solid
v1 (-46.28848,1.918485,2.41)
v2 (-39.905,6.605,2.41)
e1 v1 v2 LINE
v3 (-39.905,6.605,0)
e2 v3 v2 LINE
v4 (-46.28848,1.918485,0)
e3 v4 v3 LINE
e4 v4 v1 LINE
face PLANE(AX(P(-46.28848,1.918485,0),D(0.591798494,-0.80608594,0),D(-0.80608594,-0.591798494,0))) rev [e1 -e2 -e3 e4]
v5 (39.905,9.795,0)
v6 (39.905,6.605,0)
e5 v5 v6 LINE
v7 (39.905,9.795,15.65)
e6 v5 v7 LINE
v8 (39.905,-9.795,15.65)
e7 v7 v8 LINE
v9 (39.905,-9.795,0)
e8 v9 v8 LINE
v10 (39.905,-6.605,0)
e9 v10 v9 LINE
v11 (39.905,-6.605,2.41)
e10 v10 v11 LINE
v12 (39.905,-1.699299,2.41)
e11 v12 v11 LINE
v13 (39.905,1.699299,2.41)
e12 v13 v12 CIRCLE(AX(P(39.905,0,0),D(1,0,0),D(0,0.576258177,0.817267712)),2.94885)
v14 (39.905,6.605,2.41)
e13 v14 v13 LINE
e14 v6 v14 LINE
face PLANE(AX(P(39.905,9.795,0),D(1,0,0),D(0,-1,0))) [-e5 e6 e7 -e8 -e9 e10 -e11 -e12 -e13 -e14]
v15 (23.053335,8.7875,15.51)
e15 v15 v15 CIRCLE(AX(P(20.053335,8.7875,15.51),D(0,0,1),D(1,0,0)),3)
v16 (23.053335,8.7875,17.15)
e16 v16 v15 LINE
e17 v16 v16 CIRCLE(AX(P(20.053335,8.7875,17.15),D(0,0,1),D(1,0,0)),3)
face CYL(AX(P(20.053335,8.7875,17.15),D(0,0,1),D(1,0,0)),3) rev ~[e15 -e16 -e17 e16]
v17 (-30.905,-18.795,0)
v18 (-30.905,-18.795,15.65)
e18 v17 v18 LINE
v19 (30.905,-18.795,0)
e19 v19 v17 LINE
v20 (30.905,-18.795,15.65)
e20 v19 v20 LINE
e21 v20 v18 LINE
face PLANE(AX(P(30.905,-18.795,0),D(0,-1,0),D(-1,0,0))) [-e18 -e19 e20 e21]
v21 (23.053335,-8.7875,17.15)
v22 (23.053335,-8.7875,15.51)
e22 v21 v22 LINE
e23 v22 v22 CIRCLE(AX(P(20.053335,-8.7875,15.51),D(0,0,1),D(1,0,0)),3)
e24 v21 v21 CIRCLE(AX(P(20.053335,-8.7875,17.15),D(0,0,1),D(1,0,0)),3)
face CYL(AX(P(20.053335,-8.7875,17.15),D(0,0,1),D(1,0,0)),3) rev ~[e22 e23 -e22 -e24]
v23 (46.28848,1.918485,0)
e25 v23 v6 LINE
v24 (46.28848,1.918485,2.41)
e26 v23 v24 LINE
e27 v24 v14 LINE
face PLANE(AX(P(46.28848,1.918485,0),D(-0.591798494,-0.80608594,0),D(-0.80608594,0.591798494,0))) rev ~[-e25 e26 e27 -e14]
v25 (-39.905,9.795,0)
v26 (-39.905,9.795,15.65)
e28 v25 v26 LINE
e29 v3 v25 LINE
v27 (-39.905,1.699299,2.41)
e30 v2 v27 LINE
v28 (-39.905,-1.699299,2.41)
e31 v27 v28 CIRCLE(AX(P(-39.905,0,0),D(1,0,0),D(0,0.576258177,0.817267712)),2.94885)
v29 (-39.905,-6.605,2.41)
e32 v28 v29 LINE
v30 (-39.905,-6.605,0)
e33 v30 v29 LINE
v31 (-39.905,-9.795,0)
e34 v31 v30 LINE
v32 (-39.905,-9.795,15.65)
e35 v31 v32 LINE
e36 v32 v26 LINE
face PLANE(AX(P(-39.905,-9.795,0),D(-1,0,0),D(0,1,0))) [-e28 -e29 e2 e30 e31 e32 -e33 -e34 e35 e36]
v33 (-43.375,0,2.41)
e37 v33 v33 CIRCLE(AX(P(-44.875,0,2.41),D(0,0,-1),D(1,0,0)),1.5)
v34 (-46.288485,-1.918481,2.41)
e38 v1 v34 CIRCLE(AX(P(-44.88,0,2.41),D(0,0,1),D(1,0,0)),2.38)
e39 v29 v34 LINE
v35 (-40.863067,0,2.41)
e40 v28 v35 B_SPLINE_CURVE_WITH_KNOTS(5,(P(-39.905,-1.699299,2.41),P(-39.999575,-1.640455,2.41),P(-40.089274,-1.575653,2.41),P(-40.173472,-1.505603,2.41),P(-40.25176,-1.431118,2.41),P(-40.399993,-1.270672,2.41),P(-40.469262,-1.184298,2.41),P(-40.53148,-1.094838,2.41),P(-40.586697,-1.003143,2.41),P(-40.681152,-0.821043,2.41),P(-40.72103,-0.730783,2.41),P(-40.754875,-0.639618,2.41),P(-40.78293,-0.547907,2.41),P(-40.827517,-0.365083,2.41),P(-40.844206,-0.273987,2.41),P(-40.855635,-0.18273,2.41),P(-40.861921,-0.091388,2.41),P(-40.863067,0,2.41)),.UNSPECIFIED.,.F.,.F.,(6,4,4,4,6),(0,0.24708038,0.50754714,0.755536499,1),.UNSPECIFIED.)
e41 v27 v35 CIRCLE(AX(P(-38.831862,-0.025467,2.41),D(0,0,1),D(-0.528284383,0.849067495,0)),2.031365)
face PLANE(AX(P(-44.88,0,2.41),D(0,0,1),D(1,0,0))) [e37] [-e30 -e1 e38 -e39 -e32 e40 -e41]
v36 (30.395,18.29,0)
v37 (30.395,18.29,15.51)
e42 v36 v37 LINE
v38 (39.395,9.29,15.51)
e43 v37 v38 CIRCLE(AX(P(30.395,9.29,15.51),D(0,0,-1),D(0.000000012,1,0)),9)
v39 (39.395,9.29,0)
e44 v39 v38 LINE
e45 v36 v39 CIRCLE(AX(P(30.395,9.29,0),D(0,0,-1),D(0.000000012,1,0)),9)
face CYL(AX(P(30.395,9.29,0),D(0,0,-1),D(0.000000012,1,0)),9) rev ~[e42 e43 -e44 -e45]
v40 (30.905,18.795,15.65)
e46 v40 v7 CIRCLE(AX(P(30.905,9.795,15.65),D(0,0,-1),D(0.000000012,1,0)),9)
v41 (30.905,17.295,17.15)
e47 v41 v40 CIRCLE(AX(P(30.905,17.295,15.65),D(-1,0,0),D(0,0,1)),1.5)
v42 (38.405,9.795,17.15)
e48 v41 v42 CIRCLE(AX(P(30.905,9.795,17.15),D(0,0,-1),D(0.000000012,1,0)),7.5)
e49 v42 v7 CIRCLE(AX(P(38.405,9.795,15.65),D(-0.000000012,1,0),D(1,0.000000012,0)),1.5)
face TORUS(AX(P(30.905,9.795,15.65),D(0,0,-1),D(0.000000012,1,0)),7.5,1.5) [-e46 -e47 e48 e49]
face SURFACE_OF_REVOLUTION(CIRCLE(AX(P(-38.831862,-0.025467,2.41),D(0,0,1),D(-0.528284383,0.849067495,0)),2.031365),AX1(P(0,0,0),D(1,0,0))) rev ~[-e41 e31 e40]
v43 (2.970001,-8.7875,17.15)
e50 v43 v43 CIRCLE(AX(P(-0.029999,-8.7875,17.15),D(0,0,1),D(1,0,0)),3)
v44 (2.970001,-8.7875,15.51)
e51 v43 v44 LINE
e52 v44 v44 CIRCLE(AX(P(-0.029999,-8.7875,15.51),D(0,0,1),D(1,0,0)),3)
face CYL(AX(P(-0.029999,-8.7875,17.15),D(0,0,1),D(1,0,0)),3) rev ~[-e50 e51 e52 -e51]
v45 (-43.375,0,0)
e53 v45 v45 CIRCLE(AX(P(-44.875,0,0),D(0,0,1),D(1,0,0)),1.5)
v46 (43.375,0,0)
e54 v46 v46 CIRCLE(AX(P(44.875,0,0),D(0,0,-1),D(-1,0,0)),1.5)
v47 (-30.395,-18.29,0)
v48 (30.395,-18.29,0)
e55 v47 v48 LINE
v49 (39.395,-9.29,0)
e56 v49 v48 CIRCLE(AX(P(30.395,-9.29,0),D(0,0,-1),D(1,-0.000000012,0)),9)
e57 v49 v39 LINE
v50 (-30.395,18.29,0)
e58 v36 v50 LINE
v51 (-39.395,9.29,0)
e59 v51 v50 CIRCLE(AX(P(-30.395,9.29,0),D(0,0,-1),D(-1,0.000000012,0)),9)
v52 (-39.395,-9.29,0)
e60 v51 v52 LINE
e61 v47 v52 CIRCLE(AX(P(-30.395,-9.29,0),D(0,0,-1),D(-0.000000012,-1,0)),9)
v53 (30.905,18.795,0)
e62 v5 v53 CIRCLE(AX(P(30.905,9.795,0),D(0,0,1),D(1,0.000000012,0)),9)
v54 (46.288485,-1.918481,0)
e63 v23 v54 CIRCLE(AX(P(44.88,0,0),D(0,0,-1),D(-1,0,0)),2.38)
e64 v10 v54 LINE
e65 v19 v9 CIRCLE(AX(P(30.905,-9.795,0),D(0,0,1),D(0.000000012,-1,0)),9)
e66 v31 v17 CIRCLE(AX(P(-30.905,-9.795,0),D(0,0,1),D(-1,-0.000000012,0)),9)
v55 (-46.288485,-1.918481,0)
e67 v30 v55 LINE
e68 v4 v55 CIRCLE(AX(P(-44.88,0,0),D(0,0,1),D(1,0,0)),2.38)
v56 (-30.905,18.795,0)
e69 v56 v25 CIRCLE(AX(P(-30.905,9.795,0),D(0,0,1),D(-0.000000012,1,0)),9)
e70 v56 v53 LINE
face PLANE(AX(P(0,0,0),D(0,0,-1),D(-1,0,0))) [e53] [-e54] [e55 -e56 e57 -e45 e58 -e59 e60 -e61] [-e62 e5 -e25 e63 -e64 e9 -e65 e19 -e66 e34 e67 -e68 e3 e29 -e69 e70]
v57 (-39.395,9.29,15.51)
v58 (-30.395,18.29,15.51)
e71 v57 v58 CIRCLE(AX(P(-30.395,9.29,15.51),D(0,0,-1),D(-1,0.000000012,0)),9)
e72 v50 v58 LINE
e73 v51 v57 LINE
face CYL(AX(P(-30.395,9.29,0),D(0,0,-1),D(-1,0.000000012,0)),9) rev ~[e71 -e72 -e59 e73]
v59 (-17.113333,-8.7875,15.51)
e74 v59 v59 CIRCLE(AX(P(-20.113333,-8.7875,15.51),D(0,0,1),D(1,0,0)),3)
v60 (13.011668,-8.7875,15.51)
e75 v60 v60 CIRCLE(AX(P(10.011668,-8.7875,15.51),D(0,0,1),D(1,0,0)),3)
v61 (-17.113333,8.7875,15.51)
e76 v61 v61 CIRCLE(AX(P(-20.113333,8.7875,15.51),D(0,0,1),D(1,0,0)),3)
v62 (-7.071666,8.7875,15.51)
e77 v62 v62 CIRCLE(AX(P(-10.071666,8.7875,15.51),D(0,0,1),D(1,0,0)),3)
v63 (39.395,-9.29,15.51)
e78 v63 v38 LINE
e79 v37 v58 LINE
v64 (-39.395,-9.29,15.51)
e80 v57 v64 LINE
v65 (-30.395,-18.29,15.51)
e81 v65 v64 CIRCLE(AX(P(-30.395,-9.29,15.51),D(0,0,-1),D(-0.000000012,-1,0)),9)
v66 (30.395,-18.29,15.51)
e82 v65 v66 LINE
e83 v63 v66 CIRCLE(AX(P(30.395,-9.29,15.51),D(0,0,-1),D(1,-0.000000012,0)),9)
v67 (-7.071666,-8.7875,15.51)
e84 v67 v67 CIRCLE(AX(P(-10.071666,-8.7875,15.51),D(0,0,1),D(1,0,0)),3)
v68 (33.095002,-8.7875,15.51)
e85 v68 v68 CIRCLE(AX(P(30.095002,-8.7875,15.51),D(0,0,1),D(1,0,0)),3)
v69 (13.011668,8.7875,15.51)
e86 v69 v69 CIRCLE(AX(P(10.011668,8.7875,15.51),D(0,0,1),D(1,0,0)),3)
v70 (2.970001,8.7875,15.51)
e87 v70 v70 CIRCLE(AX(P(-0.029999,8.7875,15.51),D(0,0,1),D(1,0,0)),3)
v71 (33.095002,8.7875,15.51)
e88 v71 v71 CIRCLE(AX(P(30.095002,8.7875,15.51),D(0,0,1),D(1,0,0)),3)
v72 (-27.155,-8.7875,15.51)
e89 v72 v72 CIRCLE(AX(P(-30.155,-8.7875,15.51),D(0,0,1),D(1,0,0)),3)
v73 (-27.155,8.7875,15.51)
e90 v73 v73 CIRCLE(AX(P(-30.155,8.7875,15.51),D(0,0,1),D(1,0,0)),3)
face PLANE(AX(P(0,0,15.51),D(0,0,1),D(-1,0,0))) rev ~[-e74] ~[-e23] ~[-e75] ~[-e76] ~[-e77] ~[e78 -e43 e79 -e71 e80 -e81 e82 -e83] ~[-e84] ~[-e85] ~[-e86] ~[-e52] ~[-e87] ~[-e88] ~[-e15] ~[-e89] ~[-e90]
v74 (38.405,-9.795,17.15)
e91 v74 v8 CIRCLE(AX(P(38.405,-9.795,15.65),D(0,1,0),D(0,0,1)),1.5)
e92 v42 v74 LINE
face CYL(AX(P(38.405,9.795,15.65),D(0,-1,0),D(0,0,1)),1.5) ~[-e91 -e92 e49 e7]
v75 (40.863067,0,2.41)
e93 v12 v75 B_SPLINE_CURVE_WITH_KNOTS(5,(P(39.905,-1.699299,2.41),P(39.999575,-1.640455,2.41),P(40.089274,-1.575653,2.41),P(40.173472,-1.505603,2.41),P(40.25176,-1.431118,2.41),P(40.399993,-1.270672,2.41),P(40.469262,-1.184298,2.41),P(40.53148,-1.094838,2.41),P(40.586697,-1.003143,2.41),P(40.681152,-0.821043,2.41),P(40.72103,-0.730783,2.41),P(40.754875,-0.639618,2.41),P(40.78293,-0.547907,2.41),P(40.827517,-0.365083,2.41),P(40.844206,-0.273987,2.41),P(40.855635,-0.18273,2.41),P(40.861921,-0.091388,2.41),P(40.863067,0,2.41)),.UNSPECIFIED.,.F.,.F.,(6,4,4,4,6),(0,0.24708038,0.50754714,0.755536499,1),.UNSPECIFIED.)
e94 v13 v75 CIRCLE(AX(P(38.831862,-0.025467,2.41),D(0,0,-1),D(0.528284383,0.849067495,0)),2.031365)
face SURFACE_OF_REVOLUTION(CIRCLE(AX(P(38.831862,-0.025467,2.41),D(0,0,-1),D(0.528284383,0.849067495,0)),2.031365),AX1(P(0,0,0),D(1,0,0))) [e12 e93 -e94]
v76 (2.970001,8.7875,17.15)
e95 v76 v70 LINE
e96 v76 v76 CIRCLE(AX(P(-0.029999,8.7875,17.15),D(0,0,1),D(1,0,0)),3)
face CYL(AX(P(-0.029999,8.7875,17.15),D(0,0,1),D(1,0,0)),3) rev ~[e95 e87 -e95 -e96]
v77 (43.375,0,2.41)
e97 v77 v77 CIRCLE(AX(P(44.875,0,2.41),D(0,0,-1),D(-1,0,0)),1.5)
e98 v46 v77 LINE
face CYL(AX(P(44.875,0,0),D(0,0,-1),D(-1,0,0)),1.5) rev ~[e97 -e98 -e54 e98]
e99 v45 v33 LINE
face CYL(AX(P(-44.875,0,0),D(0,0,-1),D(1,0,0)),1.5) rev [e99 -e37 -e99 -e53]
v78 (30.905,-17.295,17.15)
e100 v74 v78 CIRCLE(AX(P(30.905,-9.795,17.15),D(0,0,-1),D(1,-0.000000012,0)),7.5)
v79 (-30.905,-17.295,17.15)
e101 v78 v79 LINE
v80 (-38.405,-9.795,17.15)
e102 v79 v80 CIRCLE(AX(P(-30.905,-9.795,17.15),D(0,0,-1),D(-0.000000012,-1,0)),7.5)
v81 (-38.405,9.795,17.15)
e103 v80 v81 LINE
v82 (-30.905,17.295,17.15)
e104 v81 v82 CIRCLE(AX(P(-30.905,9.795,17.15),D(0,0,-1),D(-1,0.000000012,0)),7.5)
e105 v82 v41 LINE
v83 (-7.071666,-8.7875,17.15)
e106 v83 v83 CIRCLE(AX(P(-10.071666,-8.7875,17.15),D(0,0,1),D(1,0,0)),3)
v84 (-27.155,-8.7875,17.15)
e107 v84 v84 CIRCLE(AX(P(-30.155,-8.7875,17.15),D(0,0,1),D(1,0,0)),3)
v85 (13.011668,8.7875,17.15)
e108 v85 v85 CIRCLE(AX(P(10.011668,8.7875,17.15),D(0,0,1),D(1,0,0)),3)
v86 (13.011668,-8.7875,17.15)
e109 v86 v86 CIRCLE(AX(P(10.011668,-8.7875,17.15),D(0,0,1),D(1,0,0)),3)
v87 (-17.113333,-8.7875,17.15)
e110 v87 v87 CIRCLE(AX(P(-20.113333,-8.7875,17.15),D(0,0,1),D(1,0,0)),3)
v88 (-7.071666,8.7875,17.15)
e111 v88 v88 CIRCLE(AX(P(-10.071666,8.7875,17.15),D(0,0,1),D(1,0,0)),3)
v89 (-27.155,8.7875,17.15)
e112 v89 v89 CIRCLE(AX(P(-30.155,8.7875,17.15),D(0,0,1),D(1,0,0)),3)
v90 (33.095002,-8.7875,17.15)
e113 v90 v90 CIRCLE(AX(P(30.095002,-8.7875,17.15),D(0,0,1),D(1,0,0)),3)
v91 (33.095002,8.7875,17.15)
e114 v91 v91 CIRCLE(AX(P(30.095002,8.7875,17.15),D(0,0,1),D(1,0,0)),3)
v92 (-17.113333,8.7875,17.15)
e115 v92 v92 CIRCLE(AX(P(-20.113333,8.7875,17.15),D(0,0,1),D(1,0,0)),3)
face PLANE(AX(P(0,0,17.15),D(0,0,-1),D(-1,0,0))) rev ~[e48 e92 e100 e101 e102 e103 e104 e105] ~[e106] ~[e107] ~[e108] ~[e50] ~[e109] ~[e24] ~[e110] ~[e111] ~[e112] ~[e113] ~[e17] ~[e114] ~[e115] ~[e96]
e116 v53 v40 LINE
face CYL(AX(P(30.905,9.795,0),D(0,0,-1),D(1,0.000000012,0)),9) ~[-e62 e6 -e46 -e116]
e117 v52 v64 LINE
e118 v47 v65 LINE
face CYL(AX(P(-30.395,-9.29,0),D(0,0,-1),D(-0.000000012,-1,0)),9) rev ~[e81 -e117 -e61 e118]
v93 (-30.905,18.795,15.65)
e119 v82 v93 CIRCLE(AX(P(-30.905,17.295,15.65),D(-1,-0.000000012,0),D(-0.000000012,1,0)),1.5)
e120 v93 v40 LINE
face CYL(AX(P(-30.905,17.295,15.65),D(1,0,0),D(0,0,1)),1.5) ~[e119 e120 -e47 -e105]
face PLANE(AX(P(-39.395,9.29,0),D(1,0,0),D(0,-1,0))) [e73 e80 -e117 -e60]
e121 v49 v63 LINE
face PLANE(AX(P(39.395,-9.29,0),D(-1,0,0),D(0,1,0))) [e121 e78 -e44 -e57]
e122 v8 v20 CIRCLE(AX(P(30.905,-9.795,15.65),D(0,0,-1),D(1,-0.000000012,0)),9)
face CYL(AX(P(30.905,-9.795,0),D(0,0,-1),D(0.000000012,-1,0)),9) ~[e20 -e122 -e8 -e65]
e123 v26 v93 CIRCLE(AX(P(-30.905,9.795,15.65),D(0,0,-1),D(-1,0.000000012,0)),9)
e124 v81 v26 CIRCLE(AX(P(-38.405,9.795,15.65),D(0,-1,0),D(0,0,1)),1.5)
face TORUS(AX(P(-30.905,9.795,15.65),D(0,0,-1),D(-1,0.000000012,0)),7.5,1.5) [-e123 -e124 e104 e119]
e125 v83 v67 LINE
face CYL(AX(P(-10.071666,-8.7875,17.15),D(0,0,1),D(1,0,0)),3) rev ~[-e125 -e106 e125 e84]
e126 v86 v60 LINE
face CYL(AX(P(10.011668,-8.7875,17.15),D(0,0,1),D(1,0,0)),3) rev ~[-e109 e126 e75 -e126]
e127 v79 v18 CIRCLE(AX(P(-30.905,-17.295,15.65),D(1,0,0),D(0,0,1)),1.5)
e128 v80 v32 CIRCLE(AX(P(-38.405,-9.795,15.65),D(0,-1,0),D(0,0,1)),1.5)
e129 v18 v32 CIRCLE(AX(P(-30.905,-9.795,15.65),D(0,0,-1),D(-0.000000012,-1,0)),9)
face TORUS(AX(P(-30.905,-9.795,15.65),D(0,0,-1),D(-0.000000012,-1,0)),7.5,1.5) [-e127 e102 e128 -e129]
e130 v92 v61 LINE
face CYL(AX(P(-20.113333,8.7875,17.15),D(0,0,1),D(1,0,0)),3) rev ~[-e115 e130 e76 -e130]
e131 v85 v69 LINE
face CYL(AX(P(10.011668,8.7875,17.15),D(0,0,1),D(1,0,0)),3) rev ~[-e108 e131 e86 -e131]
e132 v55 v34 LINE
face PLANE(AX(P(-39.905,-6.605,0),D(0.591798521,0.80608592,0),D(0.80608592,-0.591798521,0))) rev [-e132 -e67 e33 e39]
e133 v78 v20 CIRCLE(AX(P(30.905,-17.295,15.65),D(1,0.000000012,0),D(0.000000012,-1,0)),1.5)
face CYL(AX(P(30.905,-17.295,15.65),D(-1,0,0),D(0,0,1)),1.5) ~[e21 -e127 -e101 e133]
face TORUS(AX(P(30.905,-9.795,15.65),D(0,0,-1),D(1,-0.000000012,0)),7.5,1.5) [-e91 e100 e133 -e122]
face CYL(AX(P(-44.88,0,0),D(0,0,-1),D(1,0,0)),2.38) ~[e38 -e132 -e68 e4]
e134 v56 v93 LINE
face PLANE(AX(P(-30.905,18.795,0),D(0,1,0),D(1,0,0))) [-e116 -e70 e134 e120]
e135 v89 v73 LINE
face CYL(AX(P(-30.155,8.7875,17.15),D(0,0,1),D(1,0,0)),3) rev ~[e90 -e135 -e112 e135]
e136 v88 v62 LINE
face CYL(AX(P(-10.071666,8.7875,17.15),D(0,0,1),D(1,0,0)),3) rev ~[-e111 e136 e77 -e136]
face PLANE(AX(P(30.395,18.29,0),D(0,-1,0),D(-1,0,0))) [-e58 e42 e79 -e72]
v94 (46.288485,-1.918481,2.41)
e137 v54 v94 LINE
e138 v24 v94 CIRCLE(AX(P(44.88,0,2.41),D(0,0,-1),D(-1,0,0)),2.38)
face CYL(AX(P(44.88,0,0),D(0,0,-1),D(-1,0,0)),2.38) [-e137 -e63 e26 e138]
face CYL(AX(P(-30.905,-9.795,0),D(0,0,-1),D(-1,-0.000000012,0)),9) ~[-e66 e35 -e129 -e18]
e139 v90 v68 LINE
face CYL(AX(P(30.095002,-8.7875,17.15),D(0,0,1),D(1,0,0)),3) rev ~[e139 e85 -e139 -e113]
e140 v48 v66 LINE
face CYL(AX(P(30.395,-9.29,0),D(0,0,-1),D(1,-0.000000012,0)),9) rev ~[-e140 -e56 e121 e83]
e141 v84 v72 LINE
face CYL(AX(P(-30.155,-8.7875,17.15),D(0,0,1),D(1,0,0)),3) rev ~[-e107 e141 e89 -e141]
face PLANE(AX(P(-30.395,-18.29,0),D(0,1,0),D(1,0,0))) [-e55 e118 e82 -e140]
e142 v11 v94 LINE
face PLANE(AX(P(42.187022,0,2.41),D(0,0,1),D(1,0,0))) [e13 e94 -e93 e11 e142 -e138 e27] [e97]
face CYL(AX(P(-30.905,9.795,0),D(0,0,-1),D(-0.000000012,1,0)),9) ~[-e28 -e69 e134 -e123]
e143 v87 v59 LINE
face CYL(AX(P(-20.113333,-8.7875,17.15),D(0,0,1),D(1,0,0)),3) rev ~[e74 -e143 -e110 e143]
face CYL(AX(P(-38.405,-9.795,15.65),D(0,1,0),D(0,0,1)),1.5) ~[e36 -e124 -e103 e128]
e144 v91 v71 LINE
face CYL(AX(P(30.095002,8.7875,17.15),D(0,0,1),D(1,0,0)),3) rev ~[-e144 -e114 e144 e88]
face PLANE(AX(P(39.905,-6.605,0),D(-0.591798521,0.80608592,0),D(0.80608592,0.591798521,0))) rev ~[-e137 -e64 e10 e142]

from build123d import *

# Parameters (mm, degrees)
PAD_DEPTH              = 17.15
POCKET_DEPTH           = 15.51
FILLET_R               = 1.5
SKETCH002_R            = 3
HOLE_DEPTH             = 25
LINEARPATTERN_COUNT    = 7
LINEARPATTERN_PITCH    = 10.041667
SKETCH003_R            = 3
HOLE001_DEPTH          = 25
LINEARPATTERN001_COUNT = 7
LINEARPATTERN001_PITCH = 10.041667
PAD001_DEPTH           = 2.41
SKETCH005_R            = 2.38
PAD002_DEPTH           = 2.41
SKETCH006_R            = 1.5
POCKET001_DEPTH        = 223.463007
REVOLUTION_ANGLE       = 90


with BuildPart() as part:
    # Sketch → Pad (new body)
    with BuildSketch(Plane.XY):
        with BuildLine():
            Line((-30.905, 18.795), (30.905, 18.795))
            ThreePointArc((39.905, 9.795), (37.268961, 16.158961), (30.905, 18.795))
            Line((39.905, 9.795), (39.905, -9.795))
            ThreePointArc((30.905, -18.795), (37.268961, -16.158961), (39.905, -9.795))
            Line((30.905, -18.795), (-30.905, -18.795))
            ThreePointArc((-39.905, -9.795), (-37.268961, -16.158961), (-30.905, -18.795))
            Line((-39.905, -9.795), (-39.905, 9.795))
            ThreePointArc((-30.905, 18.795), (-37.268961, 16.158961), (-39.905, 9.795))
        make_face()
    extrude(amount=PAD_DEPTH)

    # Sketch001 (on Face9 of Pad) → Pocket (cut)
    with BuildSketch(Plane(origin=(0, 0, 0), x_dir=(1, 0, 0), z_dir=(0, 0, -1))):
        with BuildLine():
            Line((-30.395, 18.29), (30.395, 18.29))
            ThreePointArc((39.395, 9.29), (36.758961, 15.653961), (30.395, 18.29))
            Line((39.395, 9.29), (39.395, -9.29))
            ThreePointArc((30.395, -18.29), (36.758961, -15.653961), (39.395, -9.29))
            Line((30.395, -18.29), (-30.395, -18.29))
            ThreePointArc((-39.395, -9.29), (-36.758961, -15.653961), (-30.395, -18.29))
            Line((-39.395, -9.29), (-39.395, 9.29))
            ThreePointArc((-30.395, 18.29), (-36.758961, 15.653961), (-39.395, 9.29))
        make_face()
    extrude(amount=-POCKET_DEPTH, mode=Mode.SUBTRACT)

    # Fillet
    fillet_edges = [part.edges().sort_by_distance(p)[0] for p in [
        (-39.905, 0, 17.15),
        (-37.268961, 16.158961, 17.15),
        (0, 18.795, 17.15),
        (37.268961, 16.158961, 17.15),
        (39.905, 0, 17.15),
        (37.268961, -16.158961, 17.15),
        (0, -18.795, 17.15),
        (-37.268961, -16.158961, 17.15),
    ]]
    fillet(fillet_edges, radius=FILLET_R)

    # Sketch002 (on Face8 of Fillet) → Hole (cut)
    with BuildSketch(Plane.XY.offset(17.15)):
        with Locations((-30.155, 8.7875)):
            Circle(SKETCH002_R)
    hole = extrude(amount=-HOLE_DEPTH, mode=Mode.SUBTRACT)

    # LinearPattern: Hole ×7
    with Locations(*[(i * LINEARPATTERN_PITCH, 0, 0) for i in range(1, LINEARPATTERN_COUNT)]):
        add(hole, mode=Mode.SUBTRACT)

    # Sketch003 (on Face8 of LinearPattern) → Hole001 (cut)
    with BuildSketch(Plane.XY.offset(17.15)):
        with Locations((-30.155, -8.7875)):
            Circle(SKETCH003_R)
    hole001 = extrude(amount=-HOLE001_DEPTH, mode=Mode.SUBTRACT)

    # LinearPattern001: Hole001 ×7
    with Locations(*[(i * LINEARPATTERN001_PITCH, 0, 0) for i in range(1, LINEARPATTERN001_COUNT)]):
        add(hole001, mode=Mode.SUBTRACT)

    # Sketch004 → Pad001 (join)
    with BuildSketch(Plane.XY):
        Polygon((39.905, 6.605), (39.905, -6.605), (46.288485, -1.918481), (46.28848, 1.918485), align=None)
    pad001 = extrude(amount=PAD001_DEPTH)

    # Mirrored: Pad001 across Sketch004 V_Axis
    add(pad001.mirror(Plane(origin=(0, 0, 0), x_dir=(0, 0, 1), z_dir=(1, 0, 0))))

    # Sketch005 → Pad002 (join)
    with BuildSketch(Plane.XY):
        with Locations((-44.88, 0)):
            Circle(SKETCH005_R)
    pad002 = extrude(amount=PAD002_DEPTH)

    # Mirrored001: Pad002 across Sketch005 V_Axis
    add(pad002.mirror(Plane(origin=(0, 0, 0), x_dir=(0, 0, 1), z_dir=(1, 0, 0))))

    # Sketch006 → Pocket001 (cut, through all)
    with BuildSketch(Plane.XY):
        with Locations((-44.875, 0)):
            Circle(SKETCH006_R)
    pocket001 = extrude(amount=POCKET001_DEPTH, mode=Mode.SUBTRACT)

    # Mirrored002: Pocket001 across Sketch006 V_Axis
    add(pocket001.mirror(Plane(origin=(0, 0, 0), x_dir=(0, 0, 1), z_dir=(1, 0, 0))), mode=Mode.SUBTRACT)

    # Sketch007 (on Face5 of Mirrored002) → Revolution (revolve)
    with BuildSketch(Plane.XY.offset(2.41)):
        with BuildLine():
            Line((-39.905, 1.699299), (-39.905, 0))
            Line((-39.905, 0), (-40.863067, 0))
            ThreePointArc((-39.905, 1.699299), (-40.601365, 0.972181), (-40.863067, 0))
        make_face()
    revolution = revolve(axis=Axis((0, 0, 0), (1, 0, 0)), revolution_arc=REVOLUTION_ANGLE)

    # Mirrored003: Revolution across Sketch007 V_Axis
    add(revolution.mirror(Plane(origin=(0, 0, 2.41), x_dir=(0, 0, 1), z_dir=(1, 0, 0))))


solid = part.part
